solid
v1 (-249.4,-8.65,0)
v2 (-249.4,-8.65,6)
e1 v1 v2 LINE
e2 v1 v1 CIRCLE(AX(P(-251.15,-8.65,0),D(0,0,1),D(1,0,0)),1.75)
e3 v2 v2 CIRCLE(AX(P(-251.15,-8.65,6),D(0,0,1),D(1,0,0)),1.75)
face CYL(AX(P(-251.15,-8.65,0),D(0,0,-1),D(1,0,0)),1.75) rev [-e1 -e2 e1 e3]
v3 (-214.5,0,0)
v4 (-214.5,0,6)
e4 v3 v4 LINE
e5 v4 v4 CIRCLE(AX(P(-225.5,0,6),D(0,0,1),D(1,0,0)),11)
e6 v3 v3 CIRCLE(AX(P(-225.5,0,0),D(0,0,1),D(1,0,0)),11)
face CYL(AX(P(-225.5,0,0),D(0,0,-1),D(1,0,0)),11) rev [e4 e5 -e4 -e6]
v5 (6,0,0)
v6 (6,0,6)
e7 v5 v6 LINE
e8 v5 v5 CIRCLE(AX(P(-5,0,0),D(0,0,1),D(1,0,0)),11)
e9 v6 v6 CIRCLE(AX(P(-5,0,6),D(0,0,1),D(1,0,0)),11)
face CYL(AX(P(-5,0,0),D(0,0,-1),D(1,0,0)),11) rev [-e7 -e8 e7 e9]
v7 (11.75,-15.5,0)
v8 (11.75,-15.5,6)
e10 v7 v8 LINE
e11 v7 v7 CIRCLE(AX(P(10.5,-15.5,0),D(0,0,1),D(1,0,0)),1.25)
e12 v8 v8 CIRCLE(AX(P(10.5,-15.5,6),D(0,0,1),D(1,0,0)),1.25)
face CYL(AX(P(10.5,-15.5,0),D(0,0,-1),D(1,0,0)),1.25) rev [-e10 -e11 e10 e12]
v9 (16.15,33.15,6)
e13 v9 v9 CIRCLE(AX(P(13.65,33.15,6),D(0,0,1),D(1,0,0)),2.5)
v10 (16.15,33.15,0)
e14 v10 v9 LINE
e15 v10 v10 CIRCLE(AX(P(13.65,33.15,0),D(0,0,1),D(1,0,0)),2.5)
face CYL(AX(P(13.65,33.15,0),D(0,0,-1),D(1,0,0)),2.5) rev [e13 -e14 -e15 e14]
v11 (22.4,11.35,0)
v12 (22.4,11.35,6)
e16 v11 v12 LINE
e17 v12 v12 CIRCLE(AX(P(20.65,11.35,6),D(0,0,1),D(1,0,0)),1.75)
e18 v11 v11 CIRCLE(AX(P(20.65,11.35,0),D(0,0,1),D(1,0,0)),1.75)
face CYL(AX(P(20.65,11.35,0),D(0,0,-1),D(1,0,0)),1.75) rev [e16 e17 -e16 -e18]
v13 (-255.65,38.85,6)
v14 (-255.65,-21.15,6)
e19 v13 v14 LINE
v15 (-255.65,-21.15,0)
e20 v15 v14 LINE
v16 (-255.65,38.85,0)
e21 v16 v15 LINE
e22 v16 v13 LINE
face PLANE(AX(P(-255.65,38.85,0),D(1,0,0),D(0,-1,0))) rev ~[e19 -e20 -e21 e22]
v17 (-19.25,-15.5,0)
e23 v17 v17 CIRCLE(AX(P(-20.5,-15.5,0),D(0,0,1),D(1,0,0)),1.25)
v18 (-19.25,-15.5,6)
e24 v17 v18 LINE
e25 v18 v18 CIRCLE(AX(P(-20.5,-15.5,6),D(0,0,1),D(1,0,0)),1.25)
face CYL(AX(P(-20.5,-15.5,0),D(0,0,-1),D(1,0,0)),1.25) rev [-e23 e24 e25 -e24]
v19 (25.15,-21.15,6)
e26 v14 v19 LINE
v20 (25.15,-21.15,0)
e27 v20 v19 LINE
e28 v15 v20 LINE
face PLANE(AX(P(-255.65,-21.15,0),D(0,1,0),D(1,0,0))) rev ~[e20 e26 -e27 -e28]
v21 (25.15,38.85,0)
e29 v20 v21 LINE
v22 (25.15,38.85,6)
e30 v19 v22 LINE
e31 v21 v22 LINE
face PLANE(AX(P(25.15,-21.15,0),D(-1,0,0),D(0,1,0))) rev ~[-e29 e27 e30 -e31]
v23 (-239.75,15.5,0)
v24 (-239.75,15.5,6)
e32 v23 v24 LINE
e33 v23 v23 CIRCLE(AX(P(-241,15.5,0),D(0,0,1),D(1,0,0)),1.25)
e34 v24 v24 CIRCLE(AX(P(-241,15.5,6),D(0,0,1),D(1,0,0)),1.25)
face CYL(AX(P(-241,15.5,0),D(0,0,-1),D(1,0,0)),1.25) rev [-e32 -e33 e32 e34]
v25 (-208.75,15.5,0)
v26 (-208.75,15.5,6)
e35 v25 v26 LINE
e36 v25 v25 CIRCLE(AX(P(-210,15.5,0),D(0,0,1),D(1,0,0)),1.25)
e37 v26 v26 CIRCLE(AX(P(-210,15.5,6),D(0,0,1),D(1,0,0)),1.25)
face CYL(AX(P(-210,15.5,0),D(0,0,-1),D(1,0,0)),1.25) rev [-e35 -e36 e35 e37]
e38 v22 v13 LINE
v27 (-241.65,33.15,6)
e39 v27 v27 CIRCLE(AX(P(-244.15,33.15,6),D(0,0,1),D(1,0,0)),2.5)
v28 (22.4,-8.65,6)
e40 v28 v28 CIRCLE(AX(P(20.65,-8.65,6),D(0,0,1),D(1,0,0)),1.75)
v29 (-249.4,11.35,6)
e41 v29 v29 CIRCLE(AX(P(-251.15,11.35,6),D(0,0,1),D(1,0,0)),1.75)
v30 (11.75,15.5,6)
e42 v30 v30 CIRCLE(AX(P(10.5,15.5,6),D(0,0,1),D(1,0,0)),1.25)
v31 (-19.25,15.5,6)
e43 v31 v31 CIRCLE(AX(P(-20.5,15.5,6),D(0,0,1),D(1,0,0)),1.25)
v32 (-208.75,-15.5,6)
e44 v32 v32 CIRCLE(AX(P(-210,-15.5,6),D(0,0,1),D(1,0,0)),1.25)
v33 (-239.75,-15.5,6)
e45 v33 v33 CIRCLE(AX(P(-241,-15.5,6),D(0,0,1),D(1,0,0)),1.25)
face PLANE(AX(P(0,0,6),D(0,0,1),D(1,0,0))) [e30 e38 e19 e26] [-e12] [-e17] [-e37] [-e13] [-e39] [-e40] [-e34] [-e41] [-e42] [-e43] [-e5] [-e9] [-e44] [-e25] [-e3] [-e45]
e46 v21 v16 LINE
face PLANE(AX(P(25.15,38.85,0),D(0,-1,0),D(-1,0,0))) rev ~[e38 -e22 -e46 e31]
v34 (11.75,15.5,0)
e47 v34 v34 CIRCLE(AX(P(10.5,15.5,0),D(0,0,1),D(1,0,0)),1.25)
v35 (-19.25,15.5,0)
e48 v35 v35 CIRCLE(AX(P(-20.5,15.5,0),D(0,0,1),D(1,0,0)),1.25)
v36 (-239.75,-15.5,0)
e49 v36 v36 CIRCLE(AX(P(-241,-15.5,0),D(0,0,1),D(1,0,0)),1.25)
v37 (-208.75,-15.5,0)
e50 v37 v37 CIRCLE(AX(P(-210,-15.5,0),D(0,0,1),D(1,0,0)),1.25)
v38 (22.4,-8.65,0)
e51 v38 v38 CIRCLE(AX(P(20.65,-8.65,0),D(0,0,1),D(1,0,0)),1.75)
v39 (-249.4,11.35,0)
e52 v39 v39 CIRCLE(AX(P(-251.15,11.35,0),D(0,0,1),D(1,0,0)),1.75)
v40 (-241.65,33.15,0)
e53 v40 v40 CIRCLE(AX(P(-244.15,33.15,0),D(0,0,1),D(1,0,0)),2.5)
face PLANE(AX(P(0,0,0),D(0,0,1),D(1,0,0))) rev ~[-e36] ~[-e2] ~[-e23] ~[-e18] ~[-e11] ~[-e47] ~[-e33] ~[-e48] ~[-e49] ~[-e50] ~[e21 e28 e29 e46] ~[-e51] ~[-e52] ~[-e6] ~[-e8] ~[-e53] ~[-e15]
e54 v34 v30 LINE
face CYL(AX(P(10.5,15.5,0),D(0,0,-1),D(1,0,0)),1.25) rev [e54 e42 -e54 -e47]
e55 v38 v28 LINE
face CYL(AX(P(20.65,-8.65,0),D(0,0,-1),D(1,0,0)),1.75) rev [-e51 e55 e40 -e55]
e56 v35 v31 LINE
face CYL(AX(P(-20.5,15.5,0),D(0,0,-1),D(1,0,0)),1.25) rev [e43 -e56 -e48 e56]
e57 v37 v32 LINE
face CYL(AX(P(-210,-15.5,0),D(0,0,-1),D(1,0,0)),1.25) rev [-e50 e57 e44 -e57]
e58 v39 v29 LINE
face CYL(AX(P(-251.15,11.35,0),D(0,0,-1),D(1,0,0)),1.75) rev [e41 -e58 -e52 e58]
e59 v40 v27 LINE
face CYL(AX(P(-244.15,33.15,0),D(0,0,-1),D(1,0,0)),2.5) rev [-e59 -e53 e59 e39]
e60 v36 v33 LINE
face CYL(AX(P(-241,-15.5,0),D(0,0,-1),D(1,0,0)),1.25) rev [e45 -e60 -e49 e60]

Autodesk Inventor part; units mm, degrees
ref_plane "YZ Plane" through (0, 0, 0) normal (1, 0, 0) x (0, 1, 0)
ref_plane "XZ Plane" through (0, 0, 0) normal (0, 1, 0) x (-1, 0, 0)
ref_plane "XY Plane" through (0, 0, 0) normal (0, 0, 1) x (1, 0, 0)
sketch "Эскиз1" plane through (0, 0, 0) normal (0, 0, 1) x (1, 0, 0)
  line L0 (-26.0621, -17.2379) -> (-22.2379, -21.0621) construction
  arc A0 (-22.2379, -21.0621) -> (-22.0257, -21.15) centre (-22.0257, -20.85) ccw construction
  line L1 (-22.0257, -21.15) -> (12.0257, -21.15) construction
  arc A1 (12.0257, -21.15) -> (12.2379, -21.0621) centre (12.0257, -20.85) ccw construction
  line L2 (12.2379, -21.0621) -> (16.0621, -17.2379) construction
  arc A2 (16.0621, -17.2379) -> (16.15, -17.0257) centre (15.85, -17.0257) ccw construction
  line L3 (16.15, -17.0257) -> (16.15, 17.0257) construction
  arc A3 (16.15, 17.0257) -> (16.0621, 17.2379) centre (15.85, 17.0257) ccw construction
  line L4 (16.0621, 17.2379) -> (12.2379, 21.0621) construction
  arc A4 (12.2379, 21.0621) -> (12.0257, 21.15) centre (12.0257, 20.85) ccw construction
  line L5 (12.0257, 21.15) -> (-22.0257, 21.15) construction
  arc A5 (-22.0257, 21.15) -> (-22.2379, 21.0621) centre (-22.0257, 20.85) ccw construction
  line L6 (-22.2379, 21.0621) -> (-26.0621, 17.2379) construction
  arc A6 (-26.0621, 17.2379) -> (-26.15, 17.0257) centre (-25.85, 17.0257) ccw construction
  line L7 (-26.15, 17.0257) -> (-26.15, -17.0257) construction
  arc A7 (-26.15, -17.0257) -> (-26.0621, -17.2379) centre (-25.85, -17.0257) ccw construction
  circle A8 centre (-5, 0) radius 11 projected
  circle A9 centre (-20.5, 15.5) radius 1.25 projected
  circle A10 centre (10.5, 15.5) radius 1.25 projected
  circle A11 centre (10.5, -15.5) radius 1.25 projected
  circle A12 centre (-20.5, -15.5) radius 1.25 projected
  circle A13 centre (20.65, -8.65) radius 1.75 projected
  circle A14 centre (20.65, 11.35) radius 1.75 projected
  line L8 (-255.65, -21.15) -> (25.15, -21.15)
  line L9 (25.15, -21.15) -> (25.15, 38.85)
  line L10 (25.15, 38.85) -> (-255.65, 38.85)
  line L11 (-255.65, 38.85) -> (-255.65, -21.15)
  line L12 (-255.65, -21.15) -> (25.15, 38.85) construction
  line L13 (25.15, -21.15) -> (-255.65, 38.85) construction
  line L14 (-115.25, 8.85) -> (-115.25, -21.15) construction
  circle A15 centre (-210, 15.5) radius 1.25
  circle A16 centre (-241, 15.5) radius 1.25
  circle A17 centre (-241, -15.5) radius 1.25
  circle A18 centre (-210, -15.5) radius 1.25
  circle A19 centre (-251.15, -8.65) radius 1.75
  circle A20 centre (-251.15, 11.35) radius 1.75
  circle A21 centre (-225.5, 0) radius 11
  circle A22 centre (8.65, 58.4393) radius 2.1 projected
  circle A23 centre (-244.15, 33.15) radius 2.5 projected
  circle A24 centre (13.65, 33.15) radius 2.5 projected
  point P0 (-5, -21.15)
  dimension "d8" = 280.8
  dimension "d9" = 60
  dimension "d10" = 4.5
extrude "Выдавливание1" add sketch "Эскиз1" along normal blind 6 contours L11 L10 L9 L8
properties part number "креп_мотора"
